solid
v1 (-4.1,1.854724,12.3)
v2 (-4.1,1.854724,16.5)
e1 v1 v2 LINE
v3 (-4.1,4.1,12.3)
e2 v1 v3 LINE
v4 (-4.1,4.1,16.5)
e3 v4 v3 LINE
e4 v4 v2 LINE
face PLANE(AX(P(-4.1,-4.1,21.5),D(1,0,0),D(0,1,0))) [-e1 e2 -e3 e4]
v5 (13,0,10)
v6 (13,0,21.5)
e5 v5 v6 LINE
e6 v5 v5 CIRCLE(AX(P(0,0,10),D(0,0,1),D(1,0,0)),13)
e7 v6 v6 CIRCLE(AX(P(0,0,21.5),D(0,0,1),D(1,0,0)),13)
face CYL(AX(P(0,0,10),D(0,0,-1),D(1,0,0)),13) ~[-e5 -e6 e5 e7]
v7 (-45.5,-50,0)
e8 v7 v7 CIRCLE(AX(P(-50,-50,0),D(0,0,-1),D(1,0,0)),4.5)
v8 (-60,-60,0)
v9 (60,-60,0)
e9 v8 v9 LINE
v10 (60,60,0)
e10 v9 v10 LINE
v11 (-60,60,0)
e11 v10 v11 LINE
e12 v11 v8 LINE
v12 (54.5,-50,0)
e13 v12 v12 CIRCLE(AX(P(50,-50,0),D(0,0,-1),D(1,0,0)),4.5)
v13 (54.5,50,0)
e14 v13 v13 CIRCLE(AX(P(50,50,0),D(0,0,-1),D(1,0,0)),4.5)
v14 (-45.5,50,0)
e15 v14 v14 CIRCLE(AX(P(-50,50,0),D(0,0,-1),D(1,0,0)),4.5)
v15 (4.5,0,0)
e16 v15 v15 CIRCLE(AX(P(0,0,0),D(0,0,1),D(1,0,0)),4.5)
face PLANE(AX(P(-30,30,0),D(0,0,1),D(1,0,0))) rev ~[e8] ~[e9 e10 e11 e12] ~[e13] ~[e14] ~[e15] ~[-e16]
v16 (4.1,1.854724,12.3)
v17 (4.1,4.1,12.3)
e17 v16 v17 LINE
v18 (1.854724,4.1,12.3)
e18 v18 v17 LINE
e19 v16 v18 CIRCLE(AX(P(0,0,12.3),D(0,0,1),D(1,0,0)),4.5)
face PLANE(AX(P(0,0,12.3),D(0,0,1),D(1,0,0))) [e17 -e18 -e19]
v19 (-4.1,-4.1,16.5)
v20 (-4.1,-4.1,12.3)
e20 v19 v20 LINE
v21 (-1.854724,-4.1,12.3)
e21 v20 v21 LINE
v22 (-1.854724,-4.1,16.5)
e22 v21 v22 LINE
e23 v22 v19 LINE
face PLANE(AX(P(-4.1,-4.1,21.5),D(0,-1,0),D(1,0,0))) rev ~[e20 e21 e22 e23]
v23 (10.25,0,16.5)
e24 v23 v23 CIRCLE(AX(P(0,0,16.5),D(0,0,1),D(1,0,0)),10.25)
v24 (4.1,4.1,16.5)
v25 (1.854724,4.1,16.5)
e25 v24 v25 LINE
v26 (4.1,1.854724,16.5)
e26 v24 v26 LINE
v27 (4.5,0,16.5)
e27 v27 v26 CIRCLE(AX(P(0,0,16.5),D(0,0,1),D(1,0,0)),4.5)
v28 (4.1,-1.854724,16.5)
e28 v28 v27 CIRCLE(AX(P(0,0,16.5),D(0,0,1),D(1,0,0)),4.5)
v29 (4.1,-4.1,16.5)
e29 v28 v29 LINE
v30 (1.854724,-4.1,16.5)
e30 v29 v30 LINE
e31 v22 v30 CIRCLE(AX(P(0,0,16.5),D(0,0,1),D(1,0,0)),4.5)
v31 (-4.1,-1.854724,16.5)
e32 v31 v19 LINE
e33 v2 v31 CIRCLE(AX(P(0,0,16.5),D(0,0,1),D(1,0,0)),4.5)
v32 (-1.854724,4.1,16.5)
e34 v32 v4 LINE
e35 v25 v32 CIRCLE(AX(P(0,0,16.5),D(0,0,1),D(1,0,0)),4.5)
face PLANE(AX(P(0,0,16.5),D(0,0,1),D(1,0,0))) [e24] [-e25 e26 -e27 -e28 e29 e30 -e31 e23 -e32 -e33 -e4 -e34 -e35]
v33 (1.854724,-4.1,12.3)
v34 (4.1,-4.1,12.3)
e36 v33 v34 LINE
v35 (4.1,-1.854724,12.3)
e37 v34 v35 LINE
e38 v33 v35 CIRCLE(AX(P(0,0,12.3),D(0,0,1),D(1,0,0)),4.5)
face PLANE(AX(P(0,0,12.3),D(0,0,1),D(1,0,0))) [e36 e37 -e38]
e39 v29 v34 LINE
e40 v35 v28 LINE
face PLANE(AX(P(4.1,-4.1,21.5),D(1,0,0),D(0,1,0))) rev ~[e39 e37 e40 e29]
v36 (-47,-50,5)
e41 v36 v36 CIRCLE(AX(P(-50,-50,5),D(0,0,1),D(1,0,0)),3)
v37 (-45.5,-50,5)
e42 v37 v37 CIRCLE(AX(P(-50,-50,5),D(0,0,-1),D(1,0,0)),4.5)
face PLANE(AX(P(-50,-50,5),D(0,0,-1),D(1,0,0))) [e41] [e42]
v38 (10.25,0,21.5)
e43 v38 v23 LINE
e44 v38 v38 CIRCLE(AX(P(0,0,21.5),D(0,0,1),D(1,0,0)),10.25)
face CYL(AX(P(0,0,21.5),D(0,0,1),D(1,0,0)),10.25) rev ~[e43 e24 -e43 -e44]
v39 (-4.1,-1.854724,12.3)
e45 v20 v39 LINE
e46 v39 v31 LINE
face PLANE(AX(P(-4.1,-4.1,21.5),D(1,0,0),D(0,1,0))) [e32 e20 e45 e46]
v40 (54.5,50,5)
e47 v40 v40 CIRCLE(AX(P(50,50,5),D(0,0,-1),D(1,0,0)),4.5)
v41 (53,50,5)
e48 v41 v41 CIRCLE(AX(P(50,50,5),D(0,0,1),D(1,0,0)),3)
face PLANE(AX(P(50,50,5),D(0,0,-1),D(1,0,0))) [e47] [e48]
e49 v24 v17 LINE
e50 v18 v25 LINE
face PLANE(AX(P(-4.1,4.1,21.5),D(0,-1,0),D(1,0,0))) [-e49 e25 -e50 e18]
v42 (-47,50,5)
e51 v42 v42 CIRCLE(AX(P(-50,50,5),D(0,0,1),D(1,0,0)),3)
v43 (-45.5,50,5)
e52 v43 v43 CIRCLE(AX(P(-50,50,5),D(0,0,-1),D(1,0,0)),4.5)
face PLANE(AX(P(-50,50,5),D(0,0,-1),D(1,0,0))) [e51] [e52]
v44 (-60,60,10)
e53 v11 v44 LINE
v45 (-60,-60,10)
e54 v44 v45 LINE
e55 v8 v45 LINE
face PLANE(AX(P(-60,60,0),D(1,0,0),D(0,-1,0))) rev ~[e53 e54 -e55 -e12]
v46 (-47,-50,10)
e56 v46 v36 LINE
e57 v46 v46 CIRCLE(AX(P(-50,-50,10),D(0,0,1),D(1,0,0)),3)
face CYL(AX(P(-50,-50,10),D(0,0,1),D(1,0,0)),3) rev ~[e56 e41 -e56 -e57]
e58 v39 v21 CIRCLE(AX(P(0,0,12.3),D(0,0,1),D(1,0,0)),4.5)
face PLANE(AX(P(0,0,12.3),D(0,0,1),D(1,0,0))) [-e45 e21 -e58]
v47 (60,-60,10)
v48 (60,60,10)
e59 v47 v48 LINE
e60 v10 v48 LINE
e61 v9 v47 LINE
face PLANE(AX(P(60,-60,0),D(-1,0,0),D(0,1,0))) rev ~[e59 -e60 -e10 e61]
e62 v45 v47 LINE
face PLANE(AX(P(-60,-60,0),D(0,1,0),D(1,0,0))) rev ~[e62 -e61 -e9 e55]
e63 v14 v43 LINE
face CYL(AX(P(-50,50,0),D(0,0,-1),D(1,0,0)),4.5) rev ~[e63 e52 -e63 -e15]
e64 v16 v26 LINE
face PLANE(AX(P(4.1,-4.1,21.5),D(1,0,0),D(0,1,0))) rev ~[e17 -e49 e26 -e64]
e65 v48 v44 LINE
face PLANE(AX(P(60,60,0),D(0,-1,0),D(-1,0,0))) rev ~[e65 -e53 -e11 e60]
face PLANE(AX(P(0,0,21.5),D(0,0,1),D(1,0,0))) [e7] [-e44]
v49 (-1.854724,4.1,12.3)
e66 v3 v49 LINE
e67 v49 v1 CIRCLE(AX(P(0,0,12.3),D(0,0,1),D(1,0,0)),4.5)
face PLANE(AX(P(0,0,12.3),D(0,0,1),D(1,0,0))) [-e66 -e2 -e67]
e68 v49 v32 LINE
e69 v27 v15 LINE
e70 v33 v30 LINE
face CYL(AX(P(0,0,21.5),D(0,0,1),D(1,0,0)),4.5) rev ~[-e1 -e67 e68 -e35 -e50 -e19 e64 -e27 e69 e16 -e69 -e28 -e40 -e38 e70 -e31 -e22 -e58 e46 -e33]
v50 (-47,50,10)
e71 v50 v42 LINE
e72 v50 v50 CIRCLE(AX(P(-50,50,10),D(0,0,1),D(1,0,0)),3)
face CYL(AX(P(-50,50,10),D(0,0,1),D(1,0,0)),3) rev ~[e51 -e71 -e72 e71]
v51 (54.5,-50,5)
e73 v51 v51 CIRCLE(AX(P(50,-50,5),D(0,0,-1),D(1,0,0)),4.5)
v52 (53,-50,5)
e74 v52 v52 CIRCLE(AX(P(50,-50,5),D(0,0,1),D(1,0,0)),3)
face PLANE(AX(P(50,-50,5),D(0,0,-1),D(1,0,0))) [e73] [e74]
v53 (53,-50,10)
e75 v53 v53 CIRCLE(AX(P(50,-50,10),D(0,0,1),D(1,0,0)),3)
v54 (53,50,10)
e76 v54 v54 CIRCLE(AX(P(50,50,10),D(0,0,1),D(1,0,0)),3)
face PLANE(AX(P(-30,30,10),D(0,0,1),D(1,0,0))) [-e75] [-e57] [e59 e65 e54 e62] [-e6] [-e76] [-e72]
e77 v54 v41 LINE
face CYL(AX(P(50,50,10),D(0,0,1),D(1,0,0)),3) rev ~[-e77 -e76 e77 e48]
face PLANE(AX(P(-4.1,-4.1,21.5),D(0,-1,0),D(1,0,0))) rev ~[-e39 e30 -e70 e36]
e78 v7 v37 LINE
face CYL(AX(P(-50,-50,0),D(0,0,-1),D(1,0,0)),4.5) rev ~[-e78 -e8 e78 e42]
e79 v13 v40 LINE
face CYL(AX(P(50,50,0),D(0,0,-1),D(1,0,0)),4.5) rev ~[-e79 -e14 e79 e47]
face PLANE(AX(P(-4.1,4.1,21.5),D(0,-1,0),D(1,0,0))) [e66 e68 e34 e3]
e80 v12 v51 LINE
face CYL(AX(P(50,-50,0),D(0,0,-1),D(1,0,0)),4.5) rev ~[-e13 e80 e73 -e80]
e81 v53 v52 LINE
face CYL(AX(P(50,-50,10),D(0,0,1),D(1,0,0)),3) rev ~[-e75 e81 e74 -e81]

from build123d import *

# Parameters (mm, degrees)
F0_W      = 60
F0_H      = 60
F1_DEPTH  = 10
F2_R      = 3
F3_DEPTH  = 25
F4_R      = 4.5
F5_DEPTH  = 5
F6_R      = 13
F7_DEPTH  = 11.5
F8_R      = 4.5
F9_DEPTH  = 25
F10_W     = 8.2
F10_H     = 8.2
F11_DEPTH = 9.2
F12_R     = 10.25
F13_DEPTH = 5


with BuildPart() as f1:
    # F0 (on Top) → F1 (new body)
    with BuildSketch(Plane.XY):
        with Locations((-30, 30)):
            Rectangle(F0_W, F0_H)
        with Locations((-30, -30)):
            Rectangle(F0_W, F0_H)
        with Locations((30, 30)):
            Rectangle(F0_W, F0_H)
        with Locations((30, -30)):
            Rectangle(F0_W, F0_H)
    extrude(amount=F1_DEPTH)

    # F2 (on face) → F3 (cut)
    with BuildSketch(Plane.XY.offset(10)):
        with Locations((-50, 50)):
            Circle(F2_R)
        with Locations((50, 50)):
            Circle(F2_R)
        with Locations((-50, -50)):
            Circle(F2_R)
        with Locations((50, -50)):
            Circle(F2_R)
    extrude(amount=-F3_DEPTH, mode=Mode.SUBTRACT)

    # F4 (on face) → F5 (cut)
    with BuildSketch(Plane(origin=(0, 0, 0), x_dir=(1, 0, 0), z_dir=(0, 0, -1))):
        with Locations((-50, 50)):
            Circle(F4_R)
        with Locations((50, 50)):
            Circle(F4_R)
        with Locations((-50, -50)):
            Circle(F4_R)
        with Locations((50, -50)):
            Circle(F4_R)
    extrude(amount=-F5_DEPTH, mode=Mode.SUBTRACT)

    # F6 (on face) → F7 (join)
    with BuildSketch(Plane.XY.offset(10)):
        Circle(F6_R)
    extrude(amount=F7_DEPTH)

    # F8 (on face) → F9 (cut)
    with BuildSketch(Plane.XY.offset(21.5)):
        Circle(F8_R)
    extrude(amount=-F9_DEPTH, mode=Mode.SUBTRACT)

    # F10 (on face) → F11 (cut)
    with BuildSketch(Plane.XY.offset(21.5)):
        Rectangle(F10_W, F10_H)
    extrude(amount=-F11_DEPTH, mode=Mode.SUBTRACT)

    # F12 (on face) → F13 (cut)
    with BuildSketch(Plane.XY.offset(21.5)):
        Circle(F12_R)
    extrude(amount=-F13_DEPTH, mode=Mode.SUBTRACT)


solid = f1.part
